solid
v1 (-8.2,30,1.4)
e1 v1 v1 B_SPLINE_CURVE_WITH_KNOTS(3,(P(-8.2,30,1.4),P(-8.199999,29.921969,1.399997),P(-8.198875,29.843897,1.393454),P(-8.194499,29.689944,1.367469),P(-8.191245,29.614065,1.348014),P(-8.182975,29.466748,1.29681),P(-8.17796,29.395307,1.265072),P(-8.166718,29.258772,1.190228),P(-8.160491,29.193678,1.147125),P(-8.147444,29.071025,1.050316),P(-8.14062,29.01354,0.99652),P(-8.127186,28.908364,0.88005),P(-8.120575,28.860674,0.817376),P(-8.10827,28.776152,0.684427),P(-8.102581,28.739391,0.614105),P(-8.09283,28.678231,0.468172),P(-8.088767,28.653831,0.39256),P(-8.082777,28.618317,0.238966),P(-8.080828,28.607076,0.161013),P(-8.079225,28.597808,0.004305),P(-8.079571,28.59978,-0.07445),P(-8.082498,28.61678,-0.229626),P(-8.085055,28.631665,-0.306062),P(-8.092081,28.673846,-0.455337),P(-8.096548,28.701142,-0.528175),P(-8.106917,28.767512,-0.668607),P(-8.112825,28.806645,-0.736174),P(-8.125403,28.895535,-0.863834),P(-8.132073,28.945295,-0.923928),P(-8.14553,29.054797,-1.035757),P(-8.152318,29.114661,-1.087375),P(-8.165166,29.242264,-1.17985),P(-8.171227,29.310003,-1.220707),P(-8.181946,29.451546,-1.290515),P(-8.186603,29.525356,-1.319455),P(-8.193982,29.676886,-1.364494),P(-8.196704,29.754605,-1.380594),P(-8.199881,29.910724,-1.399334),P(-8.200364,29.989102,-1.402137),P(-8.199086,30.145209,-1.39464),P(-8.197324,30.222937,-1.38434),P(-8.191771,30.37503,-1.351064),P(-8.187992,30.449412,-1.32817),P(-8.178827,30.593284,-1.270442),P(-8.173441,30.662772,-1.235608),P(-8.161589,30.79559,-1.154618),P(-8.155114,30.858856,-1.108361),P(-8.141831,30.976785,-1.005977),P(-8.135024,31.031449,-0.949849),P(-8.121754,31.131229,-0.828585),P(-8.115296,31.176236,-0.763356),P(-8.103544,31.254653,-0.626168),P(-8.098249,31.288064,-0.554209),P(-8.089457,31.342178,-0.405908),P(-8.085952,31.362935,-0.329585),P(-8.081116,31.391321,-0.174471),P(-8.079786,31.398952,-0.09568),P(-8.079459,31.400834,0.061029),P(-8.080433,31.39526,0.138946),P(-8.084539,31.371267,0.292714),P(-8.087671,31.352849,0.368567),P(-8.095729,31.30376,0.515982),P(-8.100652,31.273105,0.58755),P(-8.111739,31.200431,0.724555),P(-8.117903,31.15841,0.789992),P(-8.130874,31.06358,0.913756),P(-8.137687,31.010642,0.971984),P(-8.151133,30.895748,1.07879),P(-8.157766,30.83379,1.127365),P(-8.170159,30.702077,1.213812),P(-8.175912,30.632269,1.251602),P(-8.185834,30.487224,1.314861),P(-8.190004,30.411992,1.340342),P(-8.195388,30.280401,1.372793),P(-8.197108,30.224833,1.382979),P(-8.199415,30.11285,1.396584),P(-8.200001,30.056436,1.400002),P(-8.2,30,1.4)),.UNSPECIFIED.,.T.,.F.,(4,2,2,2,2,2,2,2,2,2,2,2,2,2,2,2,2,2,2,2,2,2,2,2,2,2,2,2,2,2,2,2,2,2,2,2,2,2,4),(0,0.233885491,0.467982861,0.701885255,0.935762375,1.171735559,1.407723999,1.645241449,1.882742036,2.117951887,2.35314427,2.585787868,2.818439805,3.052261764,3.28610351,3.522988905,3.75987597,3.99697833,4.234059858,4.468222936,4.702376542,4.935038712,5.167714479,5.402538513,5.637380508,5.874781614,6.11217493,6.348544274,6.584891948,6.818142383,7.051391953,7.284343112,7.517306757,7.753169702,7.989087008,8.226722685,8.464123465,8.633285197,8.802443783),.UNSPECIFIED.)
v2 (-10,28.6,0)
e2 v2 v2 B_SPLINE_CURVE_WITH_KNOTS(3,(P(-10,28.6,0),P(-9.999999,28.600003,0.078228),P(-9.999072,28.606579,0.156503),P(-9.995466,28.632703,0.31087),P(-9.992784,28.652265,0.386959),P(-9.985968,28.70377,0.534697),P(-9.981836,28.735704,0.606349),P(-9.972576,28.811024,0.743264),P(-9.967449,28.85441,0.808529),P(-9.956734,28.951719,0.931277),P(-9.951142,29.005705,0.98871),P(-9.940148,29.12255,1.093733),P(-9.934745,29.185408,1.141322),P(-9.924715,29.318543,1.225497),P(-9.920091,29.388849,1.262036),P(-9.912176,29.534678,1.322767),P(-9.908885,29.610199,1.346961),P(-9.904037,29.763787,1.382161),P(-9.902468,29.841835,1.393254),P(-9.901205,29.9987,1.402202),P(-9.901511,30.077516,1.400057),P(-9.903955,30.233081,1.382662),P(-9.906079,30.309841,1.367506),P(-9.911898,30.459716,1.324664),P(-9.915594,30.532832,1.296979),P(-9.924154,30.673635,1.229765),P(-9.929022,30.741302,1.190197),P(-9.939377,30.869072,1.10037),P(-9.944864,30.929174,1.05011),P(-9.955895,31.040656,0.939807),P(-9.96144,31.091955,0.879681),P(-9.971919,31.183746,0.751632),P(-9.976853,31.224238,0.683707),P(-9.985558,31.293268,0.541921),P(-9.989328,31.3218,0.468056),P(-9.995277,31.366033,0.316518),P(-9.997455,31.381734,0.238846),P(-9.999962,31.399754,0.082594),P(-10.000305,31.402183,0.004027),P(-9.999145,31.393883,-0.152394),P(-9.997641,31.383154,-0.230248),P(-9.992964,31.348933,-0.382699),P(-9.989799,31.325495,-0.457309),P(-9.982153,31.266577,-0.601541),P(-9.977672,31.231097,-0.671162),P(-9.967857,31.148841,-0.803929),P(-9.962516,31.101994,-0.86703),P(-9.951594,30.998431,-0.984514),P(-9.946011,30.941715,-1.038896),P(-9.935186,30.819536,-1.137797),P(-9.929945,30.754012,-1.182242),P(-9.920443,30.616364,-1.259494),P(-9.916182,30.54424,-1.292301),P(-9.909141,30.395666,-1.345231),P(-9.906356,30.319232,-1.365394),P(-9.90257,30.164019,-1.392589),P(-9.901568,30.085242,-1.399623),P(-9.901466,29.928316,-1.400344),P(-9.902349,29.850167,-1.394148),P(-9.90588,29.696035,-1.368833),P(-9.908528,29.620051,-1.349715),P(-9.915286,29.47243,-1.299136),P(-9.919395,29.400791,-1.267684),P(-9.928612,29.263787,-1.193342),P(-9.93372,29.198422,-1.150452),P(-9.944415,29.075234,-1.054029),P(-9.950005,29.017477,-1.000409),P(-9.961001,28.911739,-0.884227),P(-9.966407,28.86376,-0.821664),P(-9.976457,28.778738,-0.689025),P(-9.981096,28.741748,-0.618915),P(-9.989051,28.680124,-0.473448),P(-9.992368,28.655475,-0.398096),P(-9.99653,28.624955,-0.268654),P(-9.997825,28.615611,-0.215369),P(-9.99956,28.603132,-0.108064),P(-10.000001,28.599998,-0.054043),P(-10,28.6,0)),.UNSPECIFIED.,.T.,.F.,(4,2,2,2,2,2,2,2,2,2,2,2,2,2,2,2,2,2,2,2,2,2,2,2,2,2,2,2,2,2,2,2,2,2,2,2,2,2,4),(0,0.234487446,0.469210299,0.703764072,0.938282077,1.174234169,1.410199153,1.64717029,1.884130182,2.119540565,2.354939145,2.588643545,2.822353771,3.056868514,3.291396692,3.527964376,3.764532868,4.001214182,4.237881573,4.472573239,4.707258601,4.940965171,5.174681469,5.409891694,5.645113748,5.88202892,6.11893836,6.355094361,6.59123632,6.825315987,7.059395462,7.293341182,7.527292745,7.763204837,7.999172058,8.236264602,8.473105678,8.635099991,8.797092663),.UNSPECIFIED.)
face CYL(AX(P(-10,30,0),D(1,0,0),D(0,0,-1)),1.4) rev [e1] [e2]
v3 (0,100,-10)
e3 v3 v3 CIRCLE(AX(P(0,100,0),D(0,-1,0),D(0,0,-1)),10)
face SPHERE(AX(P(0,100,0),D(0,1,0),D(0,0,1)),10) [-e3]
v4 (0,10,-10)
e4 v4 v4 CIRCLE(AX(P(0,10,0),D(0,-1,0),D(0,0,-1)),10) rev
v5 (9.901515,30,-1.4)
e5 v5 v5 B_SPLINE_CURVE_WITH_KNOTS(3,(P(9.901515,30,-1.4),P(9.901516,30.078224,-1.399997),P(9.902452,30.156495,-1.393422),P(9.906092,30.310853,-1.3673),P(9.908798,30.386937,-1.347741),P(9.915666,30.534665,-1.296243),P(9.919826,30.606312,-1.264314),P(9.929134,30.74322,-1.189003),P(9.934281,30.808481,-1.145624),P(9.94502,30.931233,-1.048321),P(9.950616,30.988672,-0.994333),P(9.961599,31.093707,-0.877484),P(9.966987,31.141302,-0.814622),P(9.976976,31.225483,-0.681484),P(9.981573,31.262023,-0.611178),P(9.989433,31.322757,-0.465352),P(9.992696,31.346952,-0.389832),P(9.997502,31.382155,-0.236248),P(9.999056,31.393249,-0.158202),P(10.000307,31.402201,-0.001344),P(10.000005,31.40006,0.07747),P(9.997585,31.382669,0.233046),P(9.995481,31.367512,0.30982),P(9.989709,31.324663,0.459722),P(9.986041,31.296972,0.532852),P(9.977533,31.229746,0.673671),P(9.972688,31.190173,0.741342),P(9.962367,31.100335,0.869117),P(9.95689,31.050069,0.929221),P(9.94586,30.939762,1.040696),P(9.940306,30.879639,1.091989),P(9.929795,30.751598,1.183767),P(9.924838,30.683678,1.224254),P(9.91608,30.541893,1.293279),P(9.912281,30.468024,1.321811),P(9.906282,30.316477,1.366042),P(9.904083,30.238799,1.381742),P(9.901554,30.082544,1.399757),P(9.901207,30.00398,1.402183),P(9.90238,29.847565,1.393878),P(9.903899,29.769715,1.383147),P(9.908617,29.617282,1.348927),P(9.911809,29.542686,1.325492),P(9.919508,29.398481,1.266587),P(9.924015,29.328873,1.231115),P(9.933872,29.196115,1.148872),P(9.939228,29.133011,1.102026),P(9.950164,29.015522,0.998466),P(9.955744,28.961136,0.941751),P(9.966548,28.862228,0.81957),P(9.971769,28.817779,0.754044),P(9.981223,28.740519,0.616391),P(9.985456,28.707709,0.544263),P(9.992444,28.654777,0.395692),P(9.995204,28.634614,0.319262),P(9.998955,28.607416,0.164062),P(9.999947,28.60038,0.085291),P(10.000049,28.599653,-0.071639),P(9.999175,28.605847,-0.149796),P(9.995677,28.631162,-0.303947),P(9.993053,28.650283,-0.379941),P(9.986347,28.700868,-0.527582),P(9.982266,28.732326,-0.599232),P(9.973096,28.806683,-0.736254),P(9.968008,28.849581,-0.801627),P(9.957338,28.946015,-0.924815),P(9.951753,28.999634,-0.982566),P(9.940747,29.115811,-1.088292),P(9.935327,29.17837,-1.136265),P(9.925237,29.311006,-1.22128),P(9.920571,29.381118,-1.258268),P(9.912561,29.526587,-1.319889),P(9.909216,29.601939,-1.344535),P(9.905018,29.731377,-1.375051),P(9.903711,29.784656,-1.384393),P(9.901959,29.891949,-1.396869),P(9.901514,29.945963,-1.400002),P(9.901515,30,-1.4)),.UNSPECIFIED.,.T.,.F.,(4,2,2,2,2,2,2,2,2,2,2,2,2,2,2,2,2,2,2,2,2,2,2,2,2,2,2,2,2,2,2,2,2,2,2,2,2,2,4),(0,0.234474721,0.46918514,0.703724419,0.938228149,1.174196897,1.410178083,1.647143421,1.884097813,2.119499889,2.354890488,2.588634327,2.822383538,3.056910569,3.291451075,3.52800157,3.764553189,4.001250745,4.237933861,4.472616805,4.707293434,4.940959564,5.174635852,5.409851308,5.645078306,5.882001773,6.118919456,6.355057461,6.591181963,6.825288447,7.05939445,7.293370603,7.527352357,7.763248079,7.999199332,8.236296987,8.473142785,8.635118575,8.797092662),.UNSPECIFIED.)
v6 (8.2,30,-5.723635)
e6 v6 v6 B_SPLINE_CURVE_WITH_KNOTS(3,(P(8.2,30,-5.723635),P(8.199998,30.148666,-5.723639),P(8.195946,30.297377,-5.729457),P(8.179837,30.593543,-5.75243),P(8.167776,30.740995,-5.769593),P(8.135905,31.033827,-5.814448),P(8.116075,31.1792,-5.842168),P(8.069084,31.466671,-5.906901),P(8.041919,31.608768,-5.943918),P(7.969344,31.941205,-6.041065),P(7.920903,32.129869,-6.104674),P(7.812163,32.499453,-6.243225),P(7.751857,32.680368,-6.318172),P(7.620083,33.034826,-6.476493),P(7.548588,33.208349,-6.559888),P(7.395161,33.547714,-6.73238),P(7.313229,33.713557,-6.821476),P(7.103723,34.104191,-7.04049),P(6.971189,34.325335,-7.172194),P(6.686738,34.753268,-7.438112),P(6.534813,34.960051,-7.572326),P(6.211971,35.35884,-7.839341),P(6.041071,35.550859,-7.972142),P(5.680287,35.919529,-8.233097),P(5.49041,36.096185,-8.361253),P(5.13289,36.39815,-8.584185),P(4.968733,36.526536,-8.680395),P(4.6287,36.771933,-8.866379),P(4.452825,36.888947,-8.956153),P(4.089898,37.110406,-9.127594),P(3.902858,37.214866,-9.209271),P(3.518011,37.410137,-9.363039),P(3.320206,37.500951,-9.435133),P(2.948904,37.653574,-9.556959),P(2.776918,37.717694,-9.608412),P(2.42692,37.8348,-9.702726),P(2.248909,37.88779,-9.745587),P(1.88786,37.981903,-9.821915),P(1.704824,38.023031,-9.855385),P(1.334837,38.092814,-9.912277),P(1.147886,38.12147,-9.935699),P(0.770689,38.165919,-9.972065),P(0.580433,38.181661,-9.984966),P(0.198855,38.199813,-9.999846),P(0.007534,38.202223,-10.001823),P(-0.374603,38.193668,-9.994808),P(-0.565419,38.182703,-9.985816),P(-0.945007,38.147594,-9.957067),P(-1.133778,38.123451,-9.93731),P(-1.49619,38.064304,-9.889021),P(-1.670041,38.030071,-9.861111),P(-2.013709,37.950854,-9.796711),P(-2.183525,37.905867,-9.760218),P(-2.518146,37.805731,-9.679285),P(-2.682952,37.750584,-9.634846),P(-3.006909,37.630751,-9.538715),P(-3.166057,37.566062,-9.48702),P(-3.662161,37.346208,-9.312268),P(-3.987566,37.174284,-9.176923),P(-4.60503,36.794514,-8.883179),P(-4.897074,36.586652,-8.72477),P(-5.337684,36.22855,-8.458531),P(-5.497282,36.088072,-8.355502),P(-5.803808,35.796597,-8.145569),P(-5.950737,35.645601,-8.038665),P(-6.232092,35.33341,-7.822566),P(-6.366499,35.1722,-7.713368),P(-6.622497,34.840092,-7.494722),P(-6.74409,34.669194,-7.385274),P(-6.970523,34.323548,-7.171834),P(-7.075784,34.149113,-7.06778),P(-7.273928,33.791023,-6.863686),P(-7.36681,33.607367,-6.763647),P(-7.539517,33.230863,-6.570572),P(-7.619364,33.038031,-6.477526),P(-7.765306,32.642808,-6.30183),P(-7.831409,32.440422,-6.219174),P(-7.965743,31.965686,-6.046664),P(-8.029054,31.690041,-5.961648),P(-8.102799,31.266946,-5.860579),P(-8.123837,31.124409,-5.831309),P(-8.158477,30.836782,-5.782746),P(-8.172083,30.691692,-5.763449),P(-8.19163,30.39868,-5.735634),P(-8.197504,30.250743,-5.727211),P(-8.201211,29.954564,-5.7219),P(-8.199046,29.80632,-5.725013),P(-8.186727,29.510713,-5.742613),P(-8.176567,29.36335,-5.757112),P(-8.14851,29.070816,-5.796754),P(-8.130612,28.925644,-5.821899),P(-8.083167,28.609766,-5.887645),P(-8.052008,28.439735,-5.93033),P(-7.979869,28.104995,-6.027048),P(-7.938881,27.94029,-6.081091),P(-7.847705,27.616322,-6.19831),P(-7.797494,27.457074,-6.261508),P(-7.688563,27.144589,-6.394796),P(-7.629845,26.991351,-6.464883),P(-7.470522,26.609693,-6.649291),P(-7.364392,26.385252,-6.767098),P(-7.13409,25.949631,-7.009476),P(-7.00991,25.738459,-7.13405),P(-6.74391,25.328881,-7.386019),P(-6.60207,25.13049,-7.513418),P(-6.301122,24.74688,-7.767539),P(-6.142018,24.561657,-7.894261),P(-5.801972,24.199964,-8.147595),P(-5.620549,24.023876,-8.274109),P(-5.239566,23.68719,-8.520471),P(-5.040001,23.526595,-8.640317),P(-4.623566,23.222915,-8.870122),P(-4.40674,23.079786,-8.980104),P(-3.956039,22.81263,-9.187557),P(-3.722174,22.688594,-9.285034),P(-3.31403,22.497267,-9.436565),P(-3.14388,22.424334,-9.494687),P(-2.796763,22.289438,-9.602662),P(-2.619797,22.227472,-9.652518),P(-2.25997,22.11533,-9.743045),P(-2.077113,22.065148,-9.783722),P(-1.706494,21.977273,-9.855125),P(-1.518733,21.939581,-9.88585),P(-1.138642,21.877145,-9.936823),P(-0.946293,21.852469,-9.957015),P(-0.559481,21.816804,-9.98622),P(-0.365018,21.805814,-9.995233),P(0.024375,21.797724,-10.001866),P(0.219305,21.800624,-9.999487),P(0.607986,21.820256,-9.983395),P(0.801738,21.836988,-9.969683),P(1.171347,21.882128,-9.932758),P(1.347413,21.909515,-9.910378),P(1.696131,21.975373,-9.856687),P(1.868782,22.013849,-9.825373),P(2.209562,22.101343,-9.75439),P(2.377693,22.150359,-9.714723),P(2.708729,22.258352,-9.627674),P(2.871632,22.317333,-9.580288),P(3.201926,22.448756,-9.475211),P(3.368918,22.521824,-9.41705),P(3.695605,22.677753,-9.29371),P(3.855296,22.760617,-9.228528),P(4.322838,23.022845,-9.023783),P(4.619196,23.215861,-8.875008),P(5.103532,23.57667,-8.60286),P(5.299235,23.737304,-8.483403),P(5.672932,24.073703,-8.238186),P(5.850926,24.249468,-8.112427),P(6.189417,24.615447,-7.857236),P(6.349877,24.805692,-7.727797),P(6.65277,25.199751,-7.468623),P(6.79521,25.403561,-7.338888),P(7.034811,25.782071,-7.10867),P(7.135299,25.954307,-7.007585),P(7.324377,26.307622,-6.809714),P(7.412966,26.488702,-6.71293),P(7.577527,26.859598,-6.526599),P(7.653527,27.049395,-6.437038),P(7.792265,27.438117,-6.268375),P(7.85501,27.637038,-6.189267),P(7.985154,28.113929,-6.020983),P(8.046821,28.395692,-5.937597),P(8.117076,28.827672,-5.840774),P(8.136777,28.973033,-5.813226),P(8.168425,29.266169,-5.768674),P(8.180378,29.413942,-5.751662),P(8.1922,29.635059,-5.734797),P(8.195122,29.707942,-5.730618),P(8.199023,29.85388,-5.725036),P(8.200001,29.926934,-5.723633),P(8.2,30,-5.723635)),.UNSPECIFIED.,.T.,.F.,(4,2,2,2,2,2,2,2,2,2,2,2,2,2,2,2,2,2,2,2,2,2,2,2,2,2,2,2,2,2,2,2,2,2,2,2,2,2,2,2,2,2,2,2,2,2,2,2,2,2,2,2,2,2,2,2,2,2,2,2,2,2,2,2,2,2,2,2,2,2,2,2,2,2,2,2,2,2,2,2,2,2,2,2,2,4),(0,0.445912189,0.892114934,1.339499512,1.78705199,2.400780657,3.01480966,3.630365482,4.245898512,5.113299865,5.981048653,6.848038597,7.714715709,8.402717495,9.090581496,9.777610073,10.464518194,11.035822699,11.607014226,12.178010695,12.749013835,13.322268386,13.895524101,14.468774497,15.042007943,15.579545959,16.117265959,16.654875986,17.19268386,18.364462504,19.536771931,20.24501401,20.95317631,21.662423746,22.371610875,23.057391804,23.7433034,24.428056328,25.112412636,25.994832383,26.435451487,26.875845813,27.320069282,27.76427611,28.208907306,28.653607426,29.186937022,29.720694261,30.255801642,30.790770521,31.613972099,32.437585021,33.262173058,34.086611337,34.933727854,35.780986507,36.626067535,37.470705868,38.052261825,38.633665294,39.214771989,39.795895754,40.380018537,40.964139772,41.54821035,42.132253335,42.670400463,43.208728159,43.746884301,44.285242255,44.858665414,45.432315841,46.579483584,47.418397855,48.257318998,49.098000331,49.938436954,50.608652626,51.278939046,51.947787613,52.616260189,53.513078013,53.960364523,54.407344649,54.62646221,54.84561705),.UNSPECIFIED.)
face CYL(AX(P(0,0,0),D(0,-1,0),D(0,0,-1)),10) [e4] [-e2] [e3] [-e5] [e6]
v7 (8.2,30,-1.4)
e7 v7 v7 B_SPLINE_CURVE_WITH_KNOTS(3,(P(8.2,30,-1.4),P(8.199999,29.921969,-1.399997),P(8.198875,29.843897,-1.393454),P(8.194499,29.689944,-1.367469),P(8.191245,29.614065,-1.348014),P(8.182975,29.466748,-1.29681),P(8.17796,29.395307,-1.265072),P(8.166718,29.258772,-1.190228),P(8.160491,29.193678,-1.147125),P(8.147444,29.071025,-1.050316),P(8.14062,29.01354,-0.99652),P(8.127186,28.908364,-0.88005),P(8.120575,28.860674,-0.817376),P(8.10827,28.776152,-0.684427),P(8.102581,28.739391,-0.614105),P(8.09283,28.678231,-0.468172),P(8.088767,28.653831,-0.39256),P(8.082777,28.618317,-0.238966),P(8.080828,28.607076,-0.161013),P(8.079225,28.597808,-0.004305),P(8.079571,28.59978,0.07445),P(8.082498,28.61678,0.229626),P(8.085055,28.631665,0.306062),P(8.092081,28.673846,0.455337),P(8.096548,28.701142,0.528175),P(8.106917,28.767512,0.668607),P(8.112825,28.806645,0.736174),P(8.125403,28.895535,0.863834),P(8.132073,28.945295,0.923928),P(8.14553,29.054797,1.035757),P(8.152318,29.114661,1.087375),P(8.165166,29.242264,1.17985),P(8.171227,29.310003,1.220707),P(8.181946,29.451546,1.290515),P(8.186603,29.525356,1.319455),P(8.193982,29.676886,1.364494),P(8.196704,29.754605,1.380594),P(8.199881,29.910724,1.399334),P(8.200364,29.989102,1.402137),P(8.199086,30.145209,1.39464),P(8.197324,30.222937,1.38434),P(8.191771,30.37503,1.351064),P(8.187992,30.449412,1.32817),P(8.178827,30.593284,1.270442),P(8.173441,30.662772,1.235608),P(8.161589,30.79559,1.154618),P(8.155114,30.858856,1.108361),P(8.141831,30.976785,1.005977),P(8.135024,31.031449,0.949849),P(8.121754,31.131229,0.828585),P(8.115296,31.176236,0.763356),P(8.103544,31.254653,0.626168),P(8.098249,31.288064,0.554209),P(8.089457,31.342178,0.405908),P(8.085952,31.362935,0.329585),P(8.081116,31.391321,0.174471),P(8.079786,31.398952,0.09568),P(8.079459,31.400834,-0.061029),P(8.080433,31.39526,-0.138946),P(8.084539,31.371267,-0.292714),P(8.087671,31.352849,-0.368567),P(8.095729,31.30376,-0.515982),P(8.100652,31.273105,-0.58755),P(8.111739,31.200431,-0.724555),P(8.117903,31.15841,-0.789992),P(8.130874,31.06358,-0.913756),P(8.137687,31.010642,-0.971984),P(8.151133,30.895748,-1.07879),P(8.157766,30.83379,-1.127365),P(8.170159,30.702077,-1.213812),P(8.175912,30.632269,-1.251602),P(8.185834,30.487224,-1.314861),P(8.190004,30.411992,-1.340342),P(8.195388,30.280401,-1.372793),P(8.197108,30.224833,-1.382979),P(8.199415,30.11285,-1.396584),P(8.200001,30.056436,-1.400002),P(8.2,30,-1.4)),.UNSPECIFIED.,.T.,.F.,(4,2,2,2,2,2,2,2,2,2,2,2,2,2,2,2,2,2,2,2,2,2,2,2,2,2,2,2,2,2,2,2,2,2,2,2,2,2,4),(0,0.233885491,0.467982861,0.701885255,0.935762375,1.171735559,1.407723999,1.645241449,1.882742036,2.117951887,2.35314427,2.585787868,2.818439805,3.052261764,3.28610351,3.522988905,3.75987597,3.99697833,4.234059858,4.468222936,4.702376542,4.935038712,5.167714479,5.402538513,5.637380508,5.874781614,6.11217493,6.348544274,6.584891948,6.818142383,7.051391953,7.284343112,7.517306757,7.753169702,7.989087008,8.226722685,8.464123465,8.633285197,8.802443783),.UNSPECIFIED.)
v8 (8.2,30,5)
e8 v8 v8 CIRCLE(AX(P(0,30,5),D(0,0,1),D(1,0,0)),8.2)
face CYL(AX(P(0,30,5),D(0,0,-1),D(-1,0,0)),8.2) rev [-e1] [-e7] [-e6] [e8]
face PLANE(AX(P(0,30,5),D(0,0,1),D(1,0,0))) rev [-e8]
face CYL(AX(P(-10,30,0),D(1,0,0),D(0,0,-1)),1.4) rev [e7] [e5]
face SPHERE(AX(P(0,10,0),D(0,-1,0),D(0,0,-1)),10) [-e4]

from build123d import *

# Parameters (mm, degrees)
SKETCH_1_W                      = 10
SKETCH_1_H                      = 110
CUT_EXTRUDE_1_REACH             = 112.905
SKETCH_2_R                      = 8.2
CUT_EXTRUDE_1_DIRECTION_2_DEPTH = 5
CUT_EXTRUDE_2_DEPTH             = 111.905365182
CUT_EXTRUDE_2_DEPTH_BACK        = 111.905365182
SKETCH_3_R                      = 1.4
FILLET_1_R                      = 10
FILLET_2_R                      = 10


with BuildPart() as part:
    # 草图1 → 旋转1 (revolve)
    with BuildSketch(Plane.XY):
        with Locations((5, 55)):
            Rectangle(SKETCH_1_W, SKETCH_1_H)
    revolve(axis=Axis((0, 0, 0), (0, 1, 0)))

    # 草图2 → 切除-拉伸1 (cut, up to next)
    with BuildSketch(Plane.XY, mode=Mode.PRIVATE) as cut_extrude_1_sk1:
        with Locations((0, 30)):
            Circle(SKETCH_2_R)
    cut_extrude_1_tool1 = extrude(cut_extrude_1_sk1.sketch, amount=-CUT_EXTRUDE_1_REACH, mode=Mode.PRIVATE) & part.part
    add(cut_extrude_1_tool1.solids().sort_by_distance((0, 30, 0))[0], mode=Mode.SUBTRACT)

    # 草图2 → 切除-拉伸1 direction 2 (cut)
    with BuildSketch(Plane.XY):
        with Locations((0, 30)):
            Circle(SKETCH_2_R)
    extrude(amount=CUT_EXTRUDE_1_DIRECTION_2_DEPTH, mode=Mode.SUBTRACT)

    # 草图3 → 切除-拉伸2 (cut, two sides: drawn at the far end of the back side and taken through both)
    with BuildSketch(Plane(origin=(0, 0, 0), x_dir=(0, 0, -1), z_dir=(1, 0, 0)).offset(-CUT_EXTRUDE_2_DEPTH_BACK)):
        with Locations((0, 30)):
            Circle(SKETCH_3_R)
    extrude(amount=CUT_EXTRUDE_2_DEPTH + CUT_EXTRUDE_2_DEPTH_BACK, mode=Mode.SUBTRACT)

    # 圆角1
    fillet_1_edges = [part.edges().sort_by_distance(p)[0] for p in [
        (-10, 0, 0),
    ]]
    fillet(fillet_1_edges, radius=FILLET_1_R)

    # 圆角2
    fillet_2_edges = [part.edges().sort_by_distance(p)[0] for p in [
        (-10, 110, 0),
    ]]
    fillet(fillet_2_edges, radius=FILLET_2_R)


solid = part.part
